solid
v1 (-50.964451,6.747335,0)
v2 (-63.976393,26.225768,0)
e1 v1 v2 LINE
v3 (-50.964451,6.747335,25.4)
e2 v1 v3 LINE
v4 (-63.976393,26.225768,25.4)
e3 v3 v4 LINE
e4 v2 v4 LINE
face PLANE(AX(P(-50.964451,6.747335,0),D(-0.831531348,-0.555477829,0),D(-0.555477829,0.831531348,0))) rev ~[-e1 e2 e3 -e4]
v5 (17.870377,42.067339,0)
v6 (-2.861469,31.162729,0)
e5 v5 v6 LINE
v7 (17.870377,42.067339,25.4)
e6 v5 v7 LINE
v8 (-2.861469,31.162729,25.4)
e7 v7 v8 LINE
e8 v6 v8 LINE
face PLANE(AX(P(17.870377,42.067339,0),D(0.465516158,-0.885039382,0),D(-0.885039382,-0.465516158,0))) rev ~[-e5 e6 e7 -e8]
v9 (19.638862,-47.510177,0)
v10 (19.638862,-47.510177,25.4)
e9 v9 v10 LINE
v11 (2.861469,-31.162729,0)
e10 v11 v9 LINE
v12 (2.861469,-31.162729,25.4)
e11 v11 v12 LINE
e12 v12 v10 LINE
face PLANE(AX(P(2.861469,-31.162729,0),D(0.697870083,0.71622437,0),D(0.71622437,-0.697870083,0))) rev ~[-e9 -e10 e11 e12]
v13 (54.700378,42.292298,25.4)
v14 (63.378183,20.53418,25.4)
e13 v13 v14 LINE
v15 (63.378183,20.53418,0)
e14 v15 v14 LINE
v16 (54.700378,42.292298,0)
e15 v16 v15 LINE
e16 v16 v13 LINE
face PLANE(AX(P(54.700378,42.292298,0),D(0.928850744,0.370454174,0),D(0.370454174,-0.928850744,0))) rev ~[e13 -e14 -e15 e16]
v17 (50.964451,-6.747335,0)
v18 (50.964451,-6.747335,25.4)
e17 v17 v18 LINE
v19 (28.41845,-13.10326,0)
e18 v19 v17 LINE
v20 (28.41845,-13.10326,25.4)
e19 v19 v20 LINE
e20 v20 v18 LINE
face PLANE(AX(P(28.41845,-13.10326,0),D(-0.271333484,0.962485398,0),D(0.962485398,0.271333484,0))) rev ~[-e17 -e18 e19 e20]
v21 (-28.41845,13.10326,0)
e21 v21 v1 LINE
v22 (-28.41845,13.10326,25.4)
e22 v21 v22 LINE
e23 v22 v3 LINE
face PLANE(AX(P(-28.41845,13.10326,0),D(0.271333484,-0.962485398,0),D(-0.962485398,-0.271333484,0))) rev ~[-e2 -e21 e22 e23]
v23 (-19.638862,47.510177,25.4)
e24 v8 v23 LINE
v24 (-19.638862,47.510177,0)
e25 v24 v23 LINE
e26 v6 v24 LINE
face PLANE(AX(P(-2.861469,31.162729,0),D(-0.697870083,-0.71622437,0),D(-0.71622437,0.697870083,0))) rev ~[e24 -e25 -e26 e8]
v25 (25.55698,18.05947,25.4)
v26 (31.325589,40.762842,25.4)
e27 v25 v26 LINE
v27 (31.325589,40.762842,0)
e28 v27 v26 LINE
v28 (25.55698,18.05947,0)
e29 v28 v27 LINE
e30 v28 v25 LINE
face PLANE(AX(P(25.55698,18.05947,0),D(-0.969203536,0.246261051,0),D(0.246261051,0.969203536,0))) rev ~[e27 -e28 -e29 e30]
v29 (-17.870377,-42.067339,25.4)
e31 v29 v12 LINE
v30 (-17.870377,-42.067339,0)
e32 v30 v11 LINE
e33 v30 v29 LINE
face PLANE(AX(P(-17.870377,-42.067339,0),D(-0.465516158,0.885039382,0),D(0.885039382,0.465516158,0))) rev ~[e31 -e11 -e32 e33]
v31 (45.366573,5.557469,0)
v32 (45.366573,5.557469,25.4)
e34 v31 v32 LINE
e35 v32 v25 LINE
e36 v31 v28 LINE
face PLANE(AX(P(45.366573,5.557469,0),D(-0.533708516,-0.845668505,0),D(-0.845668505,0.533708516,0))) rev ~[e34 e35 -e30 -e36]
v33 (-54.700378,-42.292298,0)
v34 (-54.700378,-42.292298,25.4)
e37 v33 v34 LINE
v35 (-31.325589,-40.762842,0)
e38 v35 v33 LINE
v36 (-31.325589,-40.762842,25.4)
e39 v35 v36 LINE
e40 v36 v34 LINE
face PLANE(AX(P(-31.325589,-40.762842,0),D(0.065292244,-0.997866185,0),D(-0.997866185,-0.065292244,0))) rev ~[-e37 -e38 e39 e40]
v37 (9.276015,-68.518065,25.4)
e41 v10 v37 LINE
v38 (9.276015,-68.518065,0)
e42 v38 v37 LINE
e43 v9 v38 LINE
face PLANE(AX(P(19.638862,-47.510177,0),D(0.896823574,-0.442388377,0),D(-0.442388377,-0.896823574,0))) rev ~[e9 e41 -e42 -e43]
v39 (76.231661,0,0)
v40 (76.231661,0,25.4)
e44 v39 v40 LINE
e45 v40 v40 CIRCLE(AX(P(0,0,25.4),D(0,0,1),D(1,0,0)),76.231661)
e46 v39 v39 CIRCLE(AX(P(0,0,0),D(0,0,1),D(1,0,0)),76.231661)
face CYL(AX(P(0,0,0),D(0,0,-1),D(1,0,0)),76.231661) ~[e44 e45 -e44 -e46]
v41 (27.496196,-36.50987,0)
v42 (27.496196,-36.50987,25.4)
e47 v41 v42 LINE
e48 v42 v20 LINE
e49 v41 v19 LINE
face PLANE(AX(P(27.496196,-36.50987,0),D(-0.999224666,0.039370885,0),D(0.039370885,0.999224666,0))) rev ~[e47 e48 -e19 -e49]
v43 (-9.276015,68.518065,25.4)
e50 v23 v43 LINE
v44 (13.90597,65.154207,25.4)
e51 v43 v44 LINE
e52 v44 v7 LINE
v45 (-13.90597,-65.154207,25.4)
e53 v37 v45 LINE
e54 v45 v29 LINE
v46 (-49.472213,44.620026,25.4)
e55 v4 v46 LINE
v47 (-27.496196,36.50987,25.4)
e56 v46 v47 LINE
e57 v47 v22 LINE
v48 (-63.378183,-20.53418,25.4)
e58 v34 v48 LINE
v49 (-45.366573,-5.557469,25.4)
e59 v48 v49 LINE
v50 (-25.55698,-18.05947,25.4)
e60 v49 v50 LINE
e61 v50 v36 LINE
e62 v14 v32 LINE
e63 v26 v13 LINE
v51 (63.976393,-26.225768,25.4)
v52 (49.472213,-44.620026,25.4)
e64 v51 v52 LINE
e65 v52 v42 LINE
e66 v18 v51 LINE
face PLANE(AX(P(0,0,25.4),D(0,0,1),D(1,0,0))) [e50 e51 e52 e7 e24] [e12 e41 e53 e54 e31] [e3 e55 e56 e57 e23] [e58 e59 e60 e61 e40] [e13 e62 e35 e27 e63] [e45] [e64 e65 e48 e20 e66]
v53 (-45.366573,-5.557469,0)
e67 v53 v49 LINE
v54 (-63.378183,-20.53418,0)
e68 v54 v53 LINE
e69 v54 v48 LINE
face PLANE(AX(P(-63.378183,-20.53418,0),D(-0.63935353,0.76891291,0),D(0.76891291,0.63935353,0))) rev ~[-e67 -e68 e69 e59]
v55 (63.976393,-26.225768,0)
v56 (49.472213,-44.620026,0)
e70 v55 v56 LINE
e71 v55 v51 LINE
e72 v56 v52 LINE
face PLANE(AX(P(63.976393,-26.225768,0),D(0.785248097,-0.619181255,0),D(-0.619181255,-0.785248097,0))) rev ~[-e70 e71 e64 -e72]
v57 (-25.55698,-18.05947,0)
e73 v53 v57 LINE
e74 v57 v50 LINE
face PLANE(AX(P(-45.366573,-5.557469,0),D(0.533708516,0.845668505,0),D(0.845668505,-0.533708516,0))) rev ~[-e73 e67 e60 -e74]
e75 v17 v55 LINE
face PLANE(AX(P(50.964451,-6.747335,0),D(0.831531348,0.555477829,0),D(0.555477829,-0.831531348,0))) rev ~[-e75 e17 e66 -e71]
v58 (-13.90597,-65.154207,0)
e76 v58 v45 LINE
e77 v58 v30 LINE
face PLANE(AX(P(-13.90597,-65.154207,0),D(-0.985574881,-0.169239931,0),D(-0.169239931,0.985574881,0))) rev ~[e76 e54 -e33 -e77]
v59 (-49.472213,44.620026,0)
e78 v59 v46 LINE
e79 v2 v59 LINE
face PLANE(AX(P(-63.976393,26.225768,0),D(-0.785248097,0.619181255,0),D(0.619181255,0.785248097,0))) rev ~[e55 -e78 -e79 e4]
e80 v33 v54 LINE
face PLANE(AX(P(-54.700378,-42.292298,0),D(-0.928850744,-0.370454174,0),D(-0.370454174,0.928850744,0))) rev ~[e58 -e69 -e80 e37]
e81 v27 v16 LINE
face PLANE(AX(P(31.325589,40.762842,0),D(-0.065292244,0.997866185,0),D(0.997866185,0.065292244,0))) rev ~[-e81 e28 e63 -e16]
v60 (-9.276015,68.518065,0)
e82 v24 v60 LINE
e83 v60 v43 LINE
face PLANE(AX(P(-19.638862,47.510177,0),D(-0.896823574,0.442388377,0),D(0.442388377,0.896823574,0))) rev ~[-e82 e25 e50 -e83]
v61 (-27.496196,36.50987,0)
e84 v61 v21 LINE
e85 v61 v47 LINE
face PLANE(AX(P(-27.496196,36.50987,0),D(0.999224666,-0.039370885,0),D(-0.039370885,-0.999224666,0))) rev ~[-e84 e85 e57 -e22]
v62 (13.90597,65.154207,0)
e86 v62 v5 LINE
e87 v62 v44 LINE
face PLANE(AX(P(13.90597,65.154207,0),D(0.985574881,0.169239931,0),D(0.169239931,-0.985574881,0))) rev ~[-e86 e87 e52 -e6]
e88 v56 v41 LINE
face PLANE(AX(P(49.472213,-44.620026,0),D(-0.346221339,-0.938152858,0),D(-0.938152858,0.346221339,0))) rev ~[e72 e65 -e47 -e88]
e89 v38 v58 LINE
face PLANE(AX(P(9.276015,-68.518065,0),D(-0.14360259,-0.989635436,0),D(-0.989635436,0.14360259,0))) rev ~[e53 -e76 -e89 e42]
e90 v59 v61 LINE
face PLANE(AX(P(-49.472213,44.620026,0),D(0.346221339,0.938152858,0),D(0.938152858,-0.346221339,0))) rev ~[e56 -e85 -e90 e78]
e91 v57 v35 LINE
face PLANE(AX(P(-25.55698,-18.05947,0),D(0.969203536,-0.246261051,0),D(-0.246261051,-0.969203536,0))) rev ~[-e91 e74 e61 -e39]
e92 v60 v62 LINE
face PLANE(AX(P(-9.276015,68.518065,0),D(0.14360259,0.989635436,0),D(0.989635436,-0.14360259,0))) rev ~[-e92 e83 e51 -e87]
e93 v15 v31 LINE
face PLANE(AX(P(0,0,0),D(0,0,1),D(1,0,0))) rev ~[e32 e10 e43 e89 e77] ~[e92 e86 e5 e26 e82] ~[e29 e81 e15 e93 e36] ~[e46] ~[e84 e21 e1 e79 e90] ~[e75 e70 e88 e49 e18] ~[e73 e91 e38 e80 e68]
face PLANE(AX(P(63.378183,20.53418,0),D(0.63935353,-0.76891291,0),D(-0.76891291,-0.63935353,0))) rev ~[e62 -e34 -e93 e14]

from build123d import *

# Parameters (mm, degrees)
F0_R     = 76.231661
F1_DEPTH = 25.4


with BuildPart() as f1:
    # F0 (on Top) → F1 (new body)
    with BuildSketch(Plane.XY):
        Circle(F0_R)
        Polygon((-54.700378, -42.292298), (-63.378183, -20.53418), (-45.366573, -5.557469), (-25.55698, -18.05947), (-31.325589, -40.762842), align=None, mode=Mode.SUBTRACT)
        Polygon((9.276015, -68.518065), (-13.90597, -65.154207), (-17.870377, -42.067339), (2.861469, -31.162729), (19.638862, -47.510177), align=None, mode=Mode.SUBTRACT)
        Polygon((63.976393, -26.225768), (49.472213, -44.620026), (27.496196, -36.50987), (28.41845, -13.10326), (50.964451, -6.747335), align=None, mode=Mode.SUBTRACT)
        Polygon((-63.976393, 26.225768), (-49.472213, 44.620026), (-27.496196, 36.50987), (-28.41845, 13.10326), (-50.964451, 6.747335), align=None, mode=Mode.SUBTRACT)
        Polygon((-2.861469, 31.162729), (-19.638862, 47.510177), (-9.276015, 68.518065), (13.90597, 65.154207), (17.870377, 42.067339), align=None, mode=Mode.SUBTRACT)
        Polygon((54.700378, 42.292298), (63.378183, 20.53418), (45.366573, 5.557469), (25.55698, 18.05947), (31.325589, 40.762842), align=None, mode=Mode.SUBTRACT)
    extrude(amount=F1_DEPTH)


solid = f1.part
